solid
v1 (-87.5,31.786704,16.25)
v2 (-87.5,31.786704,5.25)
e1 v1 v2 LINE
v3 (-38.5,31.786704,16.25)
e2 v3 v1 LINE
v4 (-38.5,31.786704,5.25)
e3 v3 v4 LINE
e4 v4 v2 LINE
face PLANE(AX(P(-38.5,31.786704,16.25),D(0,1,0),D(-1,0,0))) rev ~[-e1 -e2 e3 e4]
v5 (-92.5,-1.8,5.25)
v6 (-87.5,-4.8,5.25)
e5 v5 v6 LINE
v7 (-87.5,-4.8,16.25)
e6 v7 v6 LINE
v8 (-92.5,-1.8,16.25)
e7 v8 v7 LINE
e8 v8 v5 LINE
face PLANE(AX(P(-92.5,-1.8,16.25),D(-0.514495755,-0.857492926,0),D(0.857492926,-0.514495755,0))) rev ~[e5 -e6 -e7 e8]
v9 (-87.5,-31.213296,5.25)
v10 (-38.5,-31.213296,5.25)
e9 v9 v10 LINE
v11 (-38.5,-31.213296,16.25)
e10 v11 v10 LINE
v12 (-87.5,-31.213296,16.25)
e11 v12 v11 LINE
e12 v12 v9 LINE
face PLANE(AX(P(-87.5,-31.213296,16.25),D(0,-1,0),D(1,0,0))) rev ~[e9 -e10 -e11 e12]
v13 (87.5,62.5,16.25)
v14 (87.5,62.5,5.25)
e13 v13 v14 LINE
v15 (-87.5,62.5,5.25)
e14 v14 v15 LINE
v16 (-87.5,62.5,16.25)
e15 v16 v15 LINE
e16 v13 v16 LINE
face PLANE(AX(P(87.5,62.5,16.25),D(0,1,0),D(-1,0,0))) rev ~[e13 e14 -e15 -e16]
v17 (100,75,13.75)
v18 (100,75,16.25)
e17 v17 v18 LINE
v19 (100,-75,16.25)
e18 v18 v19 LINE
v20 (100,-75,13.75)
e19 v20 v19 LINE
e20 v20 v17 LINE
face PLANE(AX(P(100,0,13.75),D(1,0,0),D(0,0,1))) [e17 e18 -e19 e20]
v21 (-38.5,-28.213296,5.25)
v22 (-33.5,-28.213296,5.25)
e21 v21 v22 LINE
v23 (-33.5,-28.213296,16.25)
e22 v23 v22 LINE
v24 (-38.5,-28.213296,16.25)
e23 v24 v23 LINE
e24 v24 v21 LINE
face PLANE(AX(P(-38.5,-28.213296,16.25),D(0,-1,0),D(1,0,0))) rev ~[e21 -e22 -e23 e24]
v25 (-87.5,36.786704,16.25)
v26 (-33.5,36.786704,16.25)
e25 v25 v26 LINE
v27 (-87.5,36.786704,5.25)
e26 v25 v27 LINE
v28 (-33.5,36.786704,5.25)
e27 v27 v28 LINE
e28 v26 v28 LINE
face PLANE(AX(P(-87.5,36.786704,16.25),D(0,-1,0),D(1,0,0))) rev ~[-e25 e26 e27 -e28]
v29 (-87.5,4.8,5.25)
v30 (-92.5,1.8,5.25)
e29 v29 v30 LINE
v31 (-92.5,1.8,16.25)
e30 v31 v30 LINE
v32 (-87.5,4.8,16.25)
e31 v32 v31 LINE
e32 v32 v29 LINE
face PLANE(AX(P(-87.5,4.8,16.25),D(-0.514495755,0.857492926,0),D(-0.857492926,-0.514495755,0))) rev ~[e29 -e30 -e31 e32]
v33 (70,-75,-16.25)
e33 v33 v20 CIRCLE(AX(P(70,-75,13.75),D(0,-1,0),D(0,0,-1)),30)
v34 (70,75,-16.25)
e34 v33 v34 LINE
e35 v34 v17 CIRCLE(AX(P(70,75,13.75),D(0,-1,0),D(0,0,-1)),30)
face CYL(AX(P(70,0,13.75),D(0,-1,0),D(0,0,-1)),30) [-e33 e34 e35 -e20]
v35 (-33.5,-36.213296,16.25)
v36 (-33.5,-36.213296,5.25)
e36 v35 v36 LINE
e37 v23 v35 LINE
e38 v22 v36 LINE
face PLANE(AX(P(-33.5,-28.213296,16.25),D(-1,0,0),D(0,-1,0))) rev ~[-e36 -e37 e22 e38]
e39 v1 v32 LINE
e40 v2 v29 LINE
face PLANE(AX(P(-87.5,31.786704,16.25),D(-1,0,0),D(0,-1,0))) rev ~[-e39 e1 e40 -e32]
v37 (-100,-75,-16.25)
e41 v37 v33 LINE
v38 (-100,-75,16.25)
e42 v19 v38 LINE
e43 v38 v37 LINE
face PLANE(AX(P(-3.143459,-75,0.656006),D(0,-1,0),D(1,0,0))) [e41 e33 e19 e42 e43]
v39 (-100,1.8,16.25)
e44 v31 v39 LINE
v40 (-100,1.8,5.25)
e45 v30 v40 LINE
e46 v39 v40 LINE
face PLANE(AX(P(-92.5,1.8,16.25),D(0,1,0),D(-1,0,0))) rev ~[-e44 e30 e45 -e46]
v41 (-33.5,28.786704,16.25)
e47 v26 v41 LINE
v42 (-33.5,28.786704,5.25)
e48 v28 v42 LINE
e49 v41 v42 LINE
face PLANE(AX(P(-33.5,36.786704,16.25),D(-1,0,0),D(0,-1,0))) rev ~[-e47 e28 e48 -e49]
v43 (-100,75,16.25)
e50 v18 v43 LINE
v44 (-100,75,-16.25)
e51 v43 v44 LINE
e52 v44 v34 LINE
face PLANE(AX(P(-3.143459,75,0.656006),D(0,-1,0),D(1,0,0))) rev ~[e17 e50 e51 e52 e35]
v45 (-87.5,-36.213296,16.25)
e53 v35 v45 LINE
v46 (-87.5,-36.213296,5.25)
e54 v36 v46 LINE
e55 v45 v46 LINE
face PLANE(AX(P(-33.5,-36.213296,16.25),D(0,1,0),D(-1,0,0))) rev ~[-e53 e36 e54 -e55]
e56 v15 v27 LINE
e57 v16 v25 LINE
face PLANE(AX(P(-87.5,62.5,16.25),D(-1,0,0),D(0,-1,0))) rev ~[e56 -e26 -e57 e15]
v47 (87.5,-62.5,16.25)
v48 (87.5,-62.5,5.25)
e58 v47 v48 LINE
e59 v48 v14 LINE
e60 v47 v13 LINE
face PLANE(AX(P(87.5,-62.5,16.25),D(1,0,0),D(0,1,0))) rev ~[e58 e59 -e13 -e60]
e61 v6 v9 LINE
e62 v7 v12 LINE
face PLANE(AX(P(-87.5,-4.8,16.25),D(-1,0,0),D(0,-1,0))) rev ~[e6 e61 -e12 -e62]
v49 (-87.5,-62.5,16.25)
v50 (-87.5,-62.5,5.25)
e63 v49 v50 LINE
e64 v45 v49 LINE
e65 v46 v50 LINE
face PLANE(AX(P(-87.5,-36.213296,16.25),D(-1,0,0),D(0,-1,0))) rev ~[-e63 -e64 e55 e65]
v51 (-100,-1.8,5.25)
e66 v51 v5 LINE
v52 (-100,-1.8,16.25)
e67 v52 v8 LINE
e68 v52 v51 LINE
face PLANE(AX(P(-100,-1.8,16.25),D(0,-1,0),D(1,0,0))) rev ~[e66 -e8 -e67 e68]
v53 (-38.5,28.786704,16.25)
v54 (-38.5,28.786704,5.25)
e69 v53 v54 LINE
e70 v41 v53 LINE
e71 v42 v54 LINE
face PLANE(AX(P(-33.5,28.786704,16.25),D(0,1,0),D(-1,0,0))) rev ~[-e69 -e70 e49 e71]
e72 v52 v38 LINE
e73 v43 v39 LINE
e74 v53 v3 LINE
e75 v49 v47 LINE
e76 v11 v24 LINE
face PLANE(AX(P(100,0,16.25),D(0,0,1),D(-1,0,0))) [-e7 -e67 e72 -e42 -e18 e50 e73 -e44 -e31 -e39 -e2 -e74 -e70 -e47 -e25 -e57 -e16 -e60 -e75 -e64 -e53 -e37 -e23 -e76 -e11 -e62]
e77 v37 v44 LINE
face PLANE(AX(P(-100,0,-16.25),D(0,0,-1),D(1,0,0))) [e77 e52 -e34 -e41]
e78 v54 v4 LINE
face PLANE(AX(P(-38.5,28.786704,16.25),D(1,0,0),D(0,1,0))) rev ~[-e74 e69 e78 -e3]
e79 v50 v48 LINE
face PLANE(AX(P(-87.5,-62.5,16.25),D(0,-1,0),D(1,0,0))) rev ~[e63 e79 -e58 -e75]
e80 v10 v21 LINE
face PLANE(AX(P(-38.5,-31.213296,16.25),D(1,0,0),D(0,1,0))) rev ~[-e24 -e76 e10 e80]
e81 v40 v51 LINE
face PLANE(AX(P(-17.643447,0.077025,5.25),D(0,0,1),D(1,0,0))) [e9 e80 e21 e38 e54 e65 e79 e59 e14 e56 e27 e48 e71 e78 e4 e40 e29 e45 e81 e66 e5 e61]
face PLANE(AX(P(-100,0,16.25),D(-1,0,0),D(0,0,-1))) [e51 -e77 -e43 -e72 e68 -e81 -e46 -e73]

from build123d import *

# Parameters (mm, degrees)
F1_DEPTH = 75
F2_W     = 10
F2_H     = 12.5
F3_DEPTH = 11


with BuildPart() as f1:
    # F0 (on Front) → F1 (new body, symmetric)
    with BuildSketch(Plane.XZ):
        with BuildLine():
            Line((100, 13.75), (100, 16.25))
            Line((100, 16.25), (-100, 16.25))
            Line((-100, 16.25), (-100, -16.25))
            Line((-100, -16.25), (70, -16.25))
            ThreePointArc((70, -16.25), (91.2132034356, -7.4632034356), (100, 13.75))
        make_face()
    extrude(amount=F1_DEPTH, both=True)

    # F2 (on face) → F3 (cut)
    with BuildSketch(Plane.XY.offset(16.25)):
        Polygon((87.5, -62.5), (87.5, 62.5), (-87.5, 62.5), (-87.5, 36.7867040902), (-41, 36.7867040902), (-33.5, 36.7867040902), (-33.5, 28.7867040902), (-38.5, 28.7867040902), (-38.5, 31.7867040902), (-46, 31.7867040902), (-87.5, 31.7867040902), (-87.5, 4.8), (-92.5, 1.8), (-100, 1.8), (-100, -1.8), (-92.5, -1.8), (-87.5, -4.8), (-87.5, -31.2132959098), (-38.5, -31.2132959098), (-38.5, -28.2132959098), (-33.5, -28.2132959098), (-33.5, -36.2132959098), (-41, -36.2132959098), (-46, -36.2132959098), (-87.5, -36.2132959098), (-87.5, -62.5), (-77.5, -62.5), align=None)
        with BuildLine():
            Line((-77.3618234992, 52.5), (-74.3618234992, 52.5))
            Line((-74.3618234992, 52.5), (60.6381765008, 52.5))
            Line((60.6381765008, 52.5), (74.5, 52.5))
            Line((74.5, 52.5), (77.5, 52.5))
            Line((77.5, 52.5), (77.5, 49.5))
            Line((77.5, 49.5), (77.5, -52.5))
            Line((77.5, -52.5), (60.6381765008, -52.5))
            Line((60.6381765008, -52.5), (-77.5, -52.5))
            Line((-77.5, -52.5), (-77.5, -49.5))
            Line((-77.5, -49.5), (60.6381765008, -49.5))
            Line((60.6381765008, -49.5), (69.5, -49.5))
            ThreePointArc((69.5, -49.5), (73.0355339059, -48.0355339059), (74.5, -44.5))
            Line((74.5, -44.5), (74.5, 44.5))
            ThreePointArc((74.5, 44.5), (73.0355339059, 48.0355339059), (69.5, 49.5))
            Line((69.5, 49.5), (60.6381765008, 49.5))
            Line((60.6381765008, 49.5), (57.6381765008, 49.5))
            Line((57.6381765008, 49.5), (-74.3618234992, 49.5))
            Line((-74.3618234992, 49.5), (-77.3618234992, 49.5))
            Line((-77.3618234992, 49.5), (-77.3618234992, 52.5))
        make_face(mode=Mode.SUBTRACT)
        Polygon((40, -25), (40, 0), (40, 25), (40, 37.5), (50, 37.5), (50, 25), (50, -25), (50, -37.5), (40, -37.5), align=None, mode=Mode.SUBTRACT)
        with Locations((45, 31.25)):
            Rectangle(F2_W, F2_H)
        with Locations((45, -31.25)):
            Rectangle(F2_W, F2_H)
        Polygon((40, 25), (40, 0), (40, -25), (50, -25), (50, 25), align=None)
        with BuildLine():
            Line((60.6381765008, 52.5), (-74.3618234992, 52.5))
            Line((-74.3618234992, 52.5), (-77.3618234992, 52.5))
            Line((-77.3618234992, 52.5), (-77.3618234992, 49.5))
            Line((-77.3618234992, 49.5), (-74.3618234992, 49.5))
            Line((-74.3618234992, 49.5), (57.6381765008, 49.5))
            Line((57.6381765008, 49.5), (60.6381765008, 49.5))
            Line((60.6381765008, 49.5), (69.5, 49.5))
            ThreePointArc((69.5, 49.5), (73.0355339059, 48.0355339059), (74.5, 44.5))
            Line((74.5, 44.5), (74.5, -44.5))
            ThreePointArc((74.5, -44.5), (73.0355339059, -48.0355339059), (69.5, -49.5))
            Line((69.5, -49.5), (60.6381765008, -49.5))
            Line((60.6381765008, -49.5), (-77.5, -49.5))
            Line((-77.5, -49.5), (-77.5, -52.5))
            Line((-77.5, -52.5), (60.6381765008, -52.5))
            Line((60.6381765008, -52.5), (77.5, -52.5))
            Line((77.5, -52.5), (77.5, 49.5))
            Line((77.5, 49.5), (77.5, 52.5))
            Line((77.5, 52.5), (74.5, 52.5))
            Line((74.5, 52.5), (60.6381765008, 52.5))
        make_face()
    extrude(amount=-F3_DEPTH, mode=Mode.SUBTRACT)


solid = f1.part
